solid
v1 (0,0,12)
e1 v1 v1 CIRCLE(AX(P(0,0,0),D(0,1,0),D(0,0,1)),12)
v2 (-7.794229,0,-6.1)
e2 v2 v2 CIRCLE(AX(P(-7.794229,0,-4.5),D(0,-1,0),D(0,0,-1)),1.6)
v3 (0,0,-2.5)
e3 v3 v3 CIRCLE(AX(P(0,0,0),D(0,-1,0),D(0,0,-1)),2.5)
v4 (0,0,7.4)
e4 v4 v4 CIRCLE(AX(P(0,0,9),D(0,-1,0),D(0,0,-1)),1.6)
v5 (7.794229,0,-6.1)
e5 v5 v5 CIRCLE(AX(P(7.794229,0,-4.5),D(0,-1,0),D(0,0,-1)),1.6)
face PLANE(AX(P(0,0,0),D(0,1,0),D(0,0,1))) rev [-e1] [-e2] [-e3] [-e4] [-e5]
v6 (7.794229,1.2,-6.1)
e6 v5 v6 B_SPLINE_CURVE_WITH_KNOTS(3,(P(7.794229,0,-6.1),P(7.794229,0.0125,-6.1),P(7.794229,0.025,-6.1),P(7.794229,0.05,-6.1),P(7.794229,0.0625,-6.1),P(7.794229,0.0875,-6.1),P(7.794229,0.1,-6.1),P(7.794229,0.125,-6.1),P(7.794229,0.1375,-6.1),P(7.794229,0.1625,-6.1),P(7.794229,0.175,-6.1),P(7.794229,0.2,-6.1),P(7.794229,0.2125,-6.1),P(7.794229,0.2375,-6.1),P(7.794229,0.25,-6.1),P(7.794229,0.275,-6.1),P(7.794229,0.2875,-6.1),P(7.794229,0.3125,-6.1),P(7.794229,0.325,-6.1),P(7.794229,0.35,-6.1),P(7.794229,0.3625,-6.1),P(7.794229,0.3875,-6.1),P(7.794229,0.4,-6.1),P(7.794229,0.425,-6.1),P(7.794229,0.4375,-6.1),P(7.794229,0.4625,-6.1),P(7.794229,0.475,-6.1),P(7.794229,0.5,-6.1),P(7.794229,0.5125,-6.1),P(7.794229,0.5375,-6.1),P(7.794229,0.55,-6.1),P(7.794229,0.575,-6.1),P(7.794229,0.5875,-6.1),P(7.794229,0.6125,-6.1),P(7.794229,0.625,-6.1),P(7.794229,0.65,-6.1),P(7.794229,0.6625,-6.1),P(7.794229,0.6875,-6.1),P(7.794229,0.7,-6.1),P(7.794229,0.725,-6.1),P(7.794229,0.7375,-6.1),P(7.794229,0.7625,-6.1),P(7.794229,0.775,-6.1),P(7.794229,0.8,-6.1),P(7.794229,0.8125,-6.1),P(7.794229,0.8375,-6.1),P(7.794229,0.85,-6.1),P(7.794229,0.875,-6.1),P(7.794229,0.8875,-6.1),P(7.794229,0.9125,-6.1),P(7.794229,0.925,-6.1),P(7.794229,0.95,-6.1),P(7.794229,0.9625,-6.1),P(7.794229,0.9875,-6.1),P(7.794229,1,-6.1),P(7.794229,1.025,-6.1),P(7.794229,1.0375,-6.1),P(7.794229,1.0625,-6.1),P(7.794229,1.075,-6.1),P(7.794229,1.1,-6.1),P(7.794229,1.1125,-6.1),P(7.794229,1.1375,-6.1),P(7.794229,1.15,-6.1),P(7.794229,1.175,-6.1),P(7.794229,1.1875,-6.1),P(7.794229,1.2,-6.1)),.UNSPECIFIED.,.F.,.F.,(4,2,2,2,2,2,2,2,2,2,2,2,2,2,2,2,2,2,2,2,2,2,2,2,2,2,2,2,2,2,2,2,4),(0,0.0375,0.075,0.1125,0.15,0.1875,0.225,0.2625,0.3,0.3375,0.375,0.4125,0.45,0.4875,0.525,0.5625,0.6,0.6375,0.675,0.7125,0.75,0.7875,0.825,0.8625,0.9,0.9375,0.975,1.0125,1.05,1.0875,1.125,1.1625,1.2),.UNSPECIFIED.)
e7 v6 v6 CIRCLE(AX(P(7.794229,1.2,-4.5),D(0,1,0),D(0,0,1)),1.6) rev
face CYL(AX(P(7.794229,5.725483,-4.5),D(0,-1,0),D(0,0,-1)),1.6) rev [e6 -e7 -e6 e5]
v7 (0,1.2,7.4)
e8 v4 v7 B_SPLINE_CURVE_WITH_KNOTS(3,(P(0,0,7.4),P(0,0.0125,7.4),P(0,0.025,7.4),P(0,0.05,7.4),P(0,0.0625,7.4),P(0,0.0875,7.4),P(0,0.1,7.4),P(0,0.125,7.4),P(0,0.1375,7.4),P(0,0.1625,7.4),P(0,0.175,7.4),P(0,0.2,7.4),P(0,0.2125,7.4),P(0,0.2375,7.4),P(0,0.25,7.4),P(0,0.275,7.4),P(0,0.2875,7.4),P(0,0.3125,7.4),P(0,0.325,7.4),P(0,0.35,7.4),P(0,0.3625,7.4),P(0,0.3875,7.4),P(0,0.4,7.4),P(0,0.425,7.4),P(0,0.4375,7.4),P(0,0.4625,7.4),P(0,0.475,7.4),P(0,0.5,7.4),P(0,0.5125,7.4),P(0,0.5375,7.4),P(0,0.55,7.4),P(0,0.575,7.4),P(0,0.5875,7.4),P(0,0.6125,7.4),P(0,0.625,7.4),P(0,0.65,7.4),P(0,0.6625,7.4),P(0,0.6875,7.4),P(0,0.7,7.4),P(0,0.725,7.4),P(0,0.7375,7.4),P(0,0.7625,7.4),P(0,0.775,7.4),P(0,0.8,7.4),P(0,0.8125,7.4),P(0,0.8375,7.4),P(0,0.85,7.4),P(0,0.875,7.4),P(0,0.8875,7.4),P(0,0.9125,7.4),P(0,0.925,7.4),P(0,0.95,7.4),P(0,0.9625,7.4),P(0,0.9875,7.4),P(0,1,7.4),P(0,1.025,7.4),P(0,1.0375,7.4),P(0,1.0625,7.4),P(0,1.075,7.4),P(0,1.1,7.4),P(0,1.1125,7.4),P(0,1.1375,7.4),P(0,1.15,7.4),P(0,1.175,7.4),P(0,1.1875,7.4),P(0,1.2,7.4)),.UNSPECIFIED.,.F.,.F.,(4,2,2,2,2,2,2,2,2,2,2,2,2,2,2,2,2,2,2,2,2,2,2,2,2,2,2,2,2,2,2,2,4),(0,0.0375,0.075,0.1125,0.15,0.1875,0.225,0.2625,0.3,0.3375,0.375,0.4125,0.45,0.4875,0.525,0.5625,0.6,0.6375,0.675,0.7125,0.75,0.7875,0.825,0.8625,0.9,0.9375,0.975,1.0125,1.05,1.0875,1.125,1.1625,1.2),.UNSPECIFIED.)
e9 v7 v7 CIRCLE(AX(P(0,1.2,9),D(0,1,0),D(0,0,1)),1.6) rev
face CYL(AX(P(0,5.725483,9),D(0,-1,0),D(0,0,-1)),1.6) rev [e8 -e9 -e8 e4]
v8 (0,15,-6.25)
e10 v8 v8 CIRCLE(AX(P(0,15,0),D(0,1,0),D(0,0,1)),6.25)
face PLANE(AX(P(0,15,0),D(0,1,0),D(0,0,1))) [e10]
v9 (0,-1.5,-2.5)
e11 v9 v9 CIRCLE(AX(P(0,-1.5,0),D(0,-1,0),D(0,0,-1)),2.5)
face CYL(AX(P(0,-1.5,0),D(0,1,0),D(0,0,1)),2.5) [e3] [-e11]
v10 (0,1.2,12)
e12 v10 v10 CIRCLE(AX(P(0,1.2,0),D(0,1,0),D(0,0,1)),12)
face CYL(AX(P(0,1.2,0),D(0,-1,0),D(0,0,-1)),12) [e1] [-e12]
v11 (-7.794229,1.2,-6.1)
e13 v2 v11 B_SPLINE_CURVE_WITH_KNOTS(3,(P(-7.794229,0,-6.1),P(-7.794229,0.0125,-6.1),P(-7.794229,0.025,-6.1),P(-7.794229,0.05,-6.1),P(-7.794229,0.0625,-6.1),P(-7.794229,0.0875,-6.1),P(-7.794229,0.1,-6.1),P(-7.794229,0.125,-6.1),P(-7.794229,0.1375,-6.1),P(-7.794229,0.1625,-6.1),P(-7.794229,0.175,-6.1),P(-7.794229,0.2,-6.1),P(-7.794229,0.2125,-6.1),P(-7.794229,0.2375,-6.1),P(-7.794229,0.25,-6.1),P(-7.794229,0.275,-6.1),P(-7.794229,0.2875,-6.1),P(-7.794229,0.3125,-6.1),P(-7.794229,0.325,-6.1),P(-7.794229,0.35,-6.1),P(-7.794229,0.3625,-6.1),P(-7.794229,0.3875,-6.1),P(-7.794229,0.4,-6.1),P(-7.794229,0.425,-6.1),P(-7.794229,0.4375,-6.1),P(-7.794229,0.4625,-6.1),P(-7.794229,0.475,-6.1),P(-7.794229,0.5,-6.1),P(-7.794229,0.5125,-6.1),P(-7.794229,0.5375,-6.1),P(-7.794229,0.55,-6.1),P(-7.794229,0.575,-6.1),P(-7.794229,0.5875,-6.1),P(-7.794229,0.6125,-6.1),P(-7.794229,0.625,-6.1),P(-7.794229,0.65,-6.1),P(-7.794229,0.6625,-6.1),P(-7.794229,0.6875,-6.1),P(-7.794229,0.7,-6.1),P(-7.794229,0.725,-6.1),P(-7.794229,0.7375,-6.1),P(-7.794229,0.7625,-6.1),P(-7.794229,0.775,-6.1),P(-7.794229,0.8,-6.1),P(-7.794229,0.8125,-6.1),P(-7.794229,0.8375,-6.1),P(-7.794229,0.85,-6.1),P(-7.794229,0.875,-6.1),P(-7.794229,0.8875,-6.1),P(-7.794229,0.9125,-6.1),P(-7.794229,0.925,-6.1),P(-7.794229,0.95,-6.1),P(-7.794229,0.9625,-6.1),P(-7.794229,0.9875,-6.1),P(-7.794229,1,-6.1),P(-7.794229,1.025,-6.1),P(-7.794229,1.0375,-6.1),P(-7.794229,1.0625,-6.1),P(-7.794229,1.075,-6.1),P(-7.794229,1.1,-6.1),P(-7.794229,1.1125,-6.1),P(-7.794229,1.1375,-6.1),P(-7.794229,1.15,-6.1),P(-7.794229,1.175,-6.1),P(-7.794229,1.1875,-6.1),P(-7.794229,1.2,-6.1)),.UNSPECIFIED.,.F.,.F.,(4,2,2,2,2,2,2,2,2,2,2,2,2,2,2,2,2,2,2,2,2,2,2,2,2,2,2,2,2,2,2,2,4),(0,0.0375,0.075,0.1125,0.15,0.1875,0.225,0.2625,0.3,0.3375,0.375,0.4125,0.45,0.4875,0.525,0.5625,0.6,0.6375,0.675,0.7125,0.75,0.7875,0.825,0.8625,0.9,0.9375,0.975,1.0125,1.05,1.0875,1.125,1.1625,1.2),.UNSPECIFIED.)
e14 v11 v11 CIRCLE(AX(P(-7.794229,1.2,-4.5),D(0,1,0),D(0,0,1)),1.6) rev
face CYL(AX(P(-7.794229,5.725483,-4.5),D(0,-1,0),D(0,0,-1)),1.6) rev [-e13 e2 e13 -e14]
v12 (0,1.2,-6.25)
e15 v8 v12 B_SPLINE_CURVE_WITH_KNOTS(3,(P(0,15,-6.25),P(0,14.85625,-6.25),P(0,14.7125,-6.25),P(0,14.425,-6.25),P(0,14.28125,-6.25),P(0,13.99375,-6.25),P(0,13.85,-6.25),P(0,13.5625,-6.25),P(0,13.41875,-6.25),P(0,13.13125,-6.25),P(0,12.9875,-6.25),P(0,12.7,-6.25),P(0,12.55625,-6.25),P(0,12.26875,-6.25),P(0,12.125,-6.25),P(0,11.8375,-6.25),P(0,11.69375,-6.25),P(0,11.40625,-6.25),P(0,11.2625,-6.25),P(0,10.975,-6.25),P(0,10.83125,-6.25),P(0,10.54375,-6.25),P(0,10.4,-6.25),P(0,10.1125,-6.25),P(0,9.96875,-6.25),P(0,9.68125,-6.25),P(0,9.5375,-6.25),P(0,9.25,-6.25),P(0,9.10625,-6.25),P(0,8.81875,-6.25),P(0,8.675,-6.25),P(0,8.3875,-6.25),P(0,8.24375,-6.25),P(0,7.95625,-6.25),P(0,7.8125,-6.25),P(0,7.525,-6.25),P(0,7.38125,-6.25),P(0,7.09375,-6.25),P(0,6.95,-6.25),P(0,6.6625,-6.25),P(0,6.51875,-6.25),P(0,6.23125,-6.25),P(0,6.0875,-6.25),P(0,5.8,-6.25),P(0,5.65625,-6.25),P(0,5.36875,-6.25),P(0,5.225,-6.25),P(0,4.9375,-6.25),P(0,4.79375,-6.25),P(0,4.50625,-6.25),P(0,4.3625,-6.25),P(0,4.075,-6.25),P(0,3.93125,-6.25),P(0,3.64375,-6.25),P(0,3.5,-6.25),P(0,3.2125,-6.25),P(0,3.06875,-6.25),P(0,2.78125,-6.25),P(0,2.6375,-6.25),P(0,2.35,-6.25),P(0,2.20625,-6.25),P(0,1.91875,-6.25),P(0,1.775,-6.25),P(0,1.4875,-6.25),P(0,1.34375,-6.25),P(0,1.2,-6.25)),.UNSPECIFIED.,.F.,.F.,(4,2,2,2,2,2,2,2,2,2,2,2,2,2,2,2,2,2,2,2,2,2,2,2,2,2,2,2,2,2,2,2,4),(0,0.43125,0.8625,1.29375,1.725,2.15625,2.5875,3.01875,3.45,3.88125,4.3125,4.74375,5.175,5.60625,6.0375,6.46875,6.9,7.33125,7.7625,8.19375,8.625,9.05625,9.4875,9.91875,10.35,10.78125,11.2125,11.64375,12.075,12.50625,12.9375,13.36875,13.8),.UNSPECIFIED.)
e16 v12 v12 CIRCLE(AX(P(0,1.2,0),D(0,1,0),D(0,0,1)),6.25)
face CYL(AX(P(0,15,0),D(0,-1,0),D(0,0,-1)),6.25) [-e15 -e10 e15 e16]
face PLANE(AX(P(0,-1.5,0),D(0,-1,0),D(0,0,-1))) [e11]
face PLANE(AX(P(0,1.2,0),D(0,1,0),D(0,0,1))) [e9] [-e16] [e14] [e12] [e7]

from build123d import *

# Parameters (mm, degrees)
SKETCH1_R           = 12
BOSS_EXTRUDE1_DEPTH = 1.2
SKETCH2_R           = 6.25
BOSS_EXTRUDE2_DEPTH = 13.8
SKETCH3_R           = 2.5
BOSS_EXTRUDE3_DEPTH = 1.5
SKETCH4_R           = 1.6
CUT_EXTRUDE1_DEPTH  = 1.2


with BuildPart() as part:
    # Sketch1 → Boss-Extrude1 (new body)
    with BuildSketch(Plane(origin=(0, 0, 0), x_dir=(1, 0, 0), z_dir=(0, 1, 0))):
        with Locations(Location((0, 0, 0), (0, 0, 270))):
            Circle(SKETCH1_R)
    extrude(amount=BOSS_EXTRUDE1_DEPTH)

    # Sketch2 → Boss-Extrude2 (add)
    with BuildSketch(Plane(origin=(0, 1.2, 0), x_dir=(1, 0, 0), z_dir=(0, 1, 0))):
        with Locations(Location((0, 0, 0), (0, 0, 90))):
            Circle(SKETCH2_R)
    extrude(amount=BOSS_EXTRUDE2_DEPTH)

    # Sketch3 → Boss-Extrude3 (add)
    with BuildSketch(Plane.XZ):
        with Locations(Location((0, 0, 0), (0, 0, 270))):
            Circle(SKETCH3_R)
    extrude(amount=BOSS_EXTRUDE3_DEPTH)

    # Sketch4 → Cut-Extrude1 (cut)
    with BuildSketch(Plane.XZ):
        with Locations(Location((0, 9, 0), (0, 0, 270))):
            Circle(SKETCH4_R)
        with Locations(Location((7.794228634, -4.5, 0), (0, 0, 270))):
            Circle(SKETCH4_R)
        with Locations(Location((-7.794228634, -4.5, 0), (0, 0, 270))):
            Circle(SKETCH4_R)
    extrude(amount=-CUT_EXTRUDE1_DEPTH, mode=Mode.SUBTRACT)


solid = part.part
